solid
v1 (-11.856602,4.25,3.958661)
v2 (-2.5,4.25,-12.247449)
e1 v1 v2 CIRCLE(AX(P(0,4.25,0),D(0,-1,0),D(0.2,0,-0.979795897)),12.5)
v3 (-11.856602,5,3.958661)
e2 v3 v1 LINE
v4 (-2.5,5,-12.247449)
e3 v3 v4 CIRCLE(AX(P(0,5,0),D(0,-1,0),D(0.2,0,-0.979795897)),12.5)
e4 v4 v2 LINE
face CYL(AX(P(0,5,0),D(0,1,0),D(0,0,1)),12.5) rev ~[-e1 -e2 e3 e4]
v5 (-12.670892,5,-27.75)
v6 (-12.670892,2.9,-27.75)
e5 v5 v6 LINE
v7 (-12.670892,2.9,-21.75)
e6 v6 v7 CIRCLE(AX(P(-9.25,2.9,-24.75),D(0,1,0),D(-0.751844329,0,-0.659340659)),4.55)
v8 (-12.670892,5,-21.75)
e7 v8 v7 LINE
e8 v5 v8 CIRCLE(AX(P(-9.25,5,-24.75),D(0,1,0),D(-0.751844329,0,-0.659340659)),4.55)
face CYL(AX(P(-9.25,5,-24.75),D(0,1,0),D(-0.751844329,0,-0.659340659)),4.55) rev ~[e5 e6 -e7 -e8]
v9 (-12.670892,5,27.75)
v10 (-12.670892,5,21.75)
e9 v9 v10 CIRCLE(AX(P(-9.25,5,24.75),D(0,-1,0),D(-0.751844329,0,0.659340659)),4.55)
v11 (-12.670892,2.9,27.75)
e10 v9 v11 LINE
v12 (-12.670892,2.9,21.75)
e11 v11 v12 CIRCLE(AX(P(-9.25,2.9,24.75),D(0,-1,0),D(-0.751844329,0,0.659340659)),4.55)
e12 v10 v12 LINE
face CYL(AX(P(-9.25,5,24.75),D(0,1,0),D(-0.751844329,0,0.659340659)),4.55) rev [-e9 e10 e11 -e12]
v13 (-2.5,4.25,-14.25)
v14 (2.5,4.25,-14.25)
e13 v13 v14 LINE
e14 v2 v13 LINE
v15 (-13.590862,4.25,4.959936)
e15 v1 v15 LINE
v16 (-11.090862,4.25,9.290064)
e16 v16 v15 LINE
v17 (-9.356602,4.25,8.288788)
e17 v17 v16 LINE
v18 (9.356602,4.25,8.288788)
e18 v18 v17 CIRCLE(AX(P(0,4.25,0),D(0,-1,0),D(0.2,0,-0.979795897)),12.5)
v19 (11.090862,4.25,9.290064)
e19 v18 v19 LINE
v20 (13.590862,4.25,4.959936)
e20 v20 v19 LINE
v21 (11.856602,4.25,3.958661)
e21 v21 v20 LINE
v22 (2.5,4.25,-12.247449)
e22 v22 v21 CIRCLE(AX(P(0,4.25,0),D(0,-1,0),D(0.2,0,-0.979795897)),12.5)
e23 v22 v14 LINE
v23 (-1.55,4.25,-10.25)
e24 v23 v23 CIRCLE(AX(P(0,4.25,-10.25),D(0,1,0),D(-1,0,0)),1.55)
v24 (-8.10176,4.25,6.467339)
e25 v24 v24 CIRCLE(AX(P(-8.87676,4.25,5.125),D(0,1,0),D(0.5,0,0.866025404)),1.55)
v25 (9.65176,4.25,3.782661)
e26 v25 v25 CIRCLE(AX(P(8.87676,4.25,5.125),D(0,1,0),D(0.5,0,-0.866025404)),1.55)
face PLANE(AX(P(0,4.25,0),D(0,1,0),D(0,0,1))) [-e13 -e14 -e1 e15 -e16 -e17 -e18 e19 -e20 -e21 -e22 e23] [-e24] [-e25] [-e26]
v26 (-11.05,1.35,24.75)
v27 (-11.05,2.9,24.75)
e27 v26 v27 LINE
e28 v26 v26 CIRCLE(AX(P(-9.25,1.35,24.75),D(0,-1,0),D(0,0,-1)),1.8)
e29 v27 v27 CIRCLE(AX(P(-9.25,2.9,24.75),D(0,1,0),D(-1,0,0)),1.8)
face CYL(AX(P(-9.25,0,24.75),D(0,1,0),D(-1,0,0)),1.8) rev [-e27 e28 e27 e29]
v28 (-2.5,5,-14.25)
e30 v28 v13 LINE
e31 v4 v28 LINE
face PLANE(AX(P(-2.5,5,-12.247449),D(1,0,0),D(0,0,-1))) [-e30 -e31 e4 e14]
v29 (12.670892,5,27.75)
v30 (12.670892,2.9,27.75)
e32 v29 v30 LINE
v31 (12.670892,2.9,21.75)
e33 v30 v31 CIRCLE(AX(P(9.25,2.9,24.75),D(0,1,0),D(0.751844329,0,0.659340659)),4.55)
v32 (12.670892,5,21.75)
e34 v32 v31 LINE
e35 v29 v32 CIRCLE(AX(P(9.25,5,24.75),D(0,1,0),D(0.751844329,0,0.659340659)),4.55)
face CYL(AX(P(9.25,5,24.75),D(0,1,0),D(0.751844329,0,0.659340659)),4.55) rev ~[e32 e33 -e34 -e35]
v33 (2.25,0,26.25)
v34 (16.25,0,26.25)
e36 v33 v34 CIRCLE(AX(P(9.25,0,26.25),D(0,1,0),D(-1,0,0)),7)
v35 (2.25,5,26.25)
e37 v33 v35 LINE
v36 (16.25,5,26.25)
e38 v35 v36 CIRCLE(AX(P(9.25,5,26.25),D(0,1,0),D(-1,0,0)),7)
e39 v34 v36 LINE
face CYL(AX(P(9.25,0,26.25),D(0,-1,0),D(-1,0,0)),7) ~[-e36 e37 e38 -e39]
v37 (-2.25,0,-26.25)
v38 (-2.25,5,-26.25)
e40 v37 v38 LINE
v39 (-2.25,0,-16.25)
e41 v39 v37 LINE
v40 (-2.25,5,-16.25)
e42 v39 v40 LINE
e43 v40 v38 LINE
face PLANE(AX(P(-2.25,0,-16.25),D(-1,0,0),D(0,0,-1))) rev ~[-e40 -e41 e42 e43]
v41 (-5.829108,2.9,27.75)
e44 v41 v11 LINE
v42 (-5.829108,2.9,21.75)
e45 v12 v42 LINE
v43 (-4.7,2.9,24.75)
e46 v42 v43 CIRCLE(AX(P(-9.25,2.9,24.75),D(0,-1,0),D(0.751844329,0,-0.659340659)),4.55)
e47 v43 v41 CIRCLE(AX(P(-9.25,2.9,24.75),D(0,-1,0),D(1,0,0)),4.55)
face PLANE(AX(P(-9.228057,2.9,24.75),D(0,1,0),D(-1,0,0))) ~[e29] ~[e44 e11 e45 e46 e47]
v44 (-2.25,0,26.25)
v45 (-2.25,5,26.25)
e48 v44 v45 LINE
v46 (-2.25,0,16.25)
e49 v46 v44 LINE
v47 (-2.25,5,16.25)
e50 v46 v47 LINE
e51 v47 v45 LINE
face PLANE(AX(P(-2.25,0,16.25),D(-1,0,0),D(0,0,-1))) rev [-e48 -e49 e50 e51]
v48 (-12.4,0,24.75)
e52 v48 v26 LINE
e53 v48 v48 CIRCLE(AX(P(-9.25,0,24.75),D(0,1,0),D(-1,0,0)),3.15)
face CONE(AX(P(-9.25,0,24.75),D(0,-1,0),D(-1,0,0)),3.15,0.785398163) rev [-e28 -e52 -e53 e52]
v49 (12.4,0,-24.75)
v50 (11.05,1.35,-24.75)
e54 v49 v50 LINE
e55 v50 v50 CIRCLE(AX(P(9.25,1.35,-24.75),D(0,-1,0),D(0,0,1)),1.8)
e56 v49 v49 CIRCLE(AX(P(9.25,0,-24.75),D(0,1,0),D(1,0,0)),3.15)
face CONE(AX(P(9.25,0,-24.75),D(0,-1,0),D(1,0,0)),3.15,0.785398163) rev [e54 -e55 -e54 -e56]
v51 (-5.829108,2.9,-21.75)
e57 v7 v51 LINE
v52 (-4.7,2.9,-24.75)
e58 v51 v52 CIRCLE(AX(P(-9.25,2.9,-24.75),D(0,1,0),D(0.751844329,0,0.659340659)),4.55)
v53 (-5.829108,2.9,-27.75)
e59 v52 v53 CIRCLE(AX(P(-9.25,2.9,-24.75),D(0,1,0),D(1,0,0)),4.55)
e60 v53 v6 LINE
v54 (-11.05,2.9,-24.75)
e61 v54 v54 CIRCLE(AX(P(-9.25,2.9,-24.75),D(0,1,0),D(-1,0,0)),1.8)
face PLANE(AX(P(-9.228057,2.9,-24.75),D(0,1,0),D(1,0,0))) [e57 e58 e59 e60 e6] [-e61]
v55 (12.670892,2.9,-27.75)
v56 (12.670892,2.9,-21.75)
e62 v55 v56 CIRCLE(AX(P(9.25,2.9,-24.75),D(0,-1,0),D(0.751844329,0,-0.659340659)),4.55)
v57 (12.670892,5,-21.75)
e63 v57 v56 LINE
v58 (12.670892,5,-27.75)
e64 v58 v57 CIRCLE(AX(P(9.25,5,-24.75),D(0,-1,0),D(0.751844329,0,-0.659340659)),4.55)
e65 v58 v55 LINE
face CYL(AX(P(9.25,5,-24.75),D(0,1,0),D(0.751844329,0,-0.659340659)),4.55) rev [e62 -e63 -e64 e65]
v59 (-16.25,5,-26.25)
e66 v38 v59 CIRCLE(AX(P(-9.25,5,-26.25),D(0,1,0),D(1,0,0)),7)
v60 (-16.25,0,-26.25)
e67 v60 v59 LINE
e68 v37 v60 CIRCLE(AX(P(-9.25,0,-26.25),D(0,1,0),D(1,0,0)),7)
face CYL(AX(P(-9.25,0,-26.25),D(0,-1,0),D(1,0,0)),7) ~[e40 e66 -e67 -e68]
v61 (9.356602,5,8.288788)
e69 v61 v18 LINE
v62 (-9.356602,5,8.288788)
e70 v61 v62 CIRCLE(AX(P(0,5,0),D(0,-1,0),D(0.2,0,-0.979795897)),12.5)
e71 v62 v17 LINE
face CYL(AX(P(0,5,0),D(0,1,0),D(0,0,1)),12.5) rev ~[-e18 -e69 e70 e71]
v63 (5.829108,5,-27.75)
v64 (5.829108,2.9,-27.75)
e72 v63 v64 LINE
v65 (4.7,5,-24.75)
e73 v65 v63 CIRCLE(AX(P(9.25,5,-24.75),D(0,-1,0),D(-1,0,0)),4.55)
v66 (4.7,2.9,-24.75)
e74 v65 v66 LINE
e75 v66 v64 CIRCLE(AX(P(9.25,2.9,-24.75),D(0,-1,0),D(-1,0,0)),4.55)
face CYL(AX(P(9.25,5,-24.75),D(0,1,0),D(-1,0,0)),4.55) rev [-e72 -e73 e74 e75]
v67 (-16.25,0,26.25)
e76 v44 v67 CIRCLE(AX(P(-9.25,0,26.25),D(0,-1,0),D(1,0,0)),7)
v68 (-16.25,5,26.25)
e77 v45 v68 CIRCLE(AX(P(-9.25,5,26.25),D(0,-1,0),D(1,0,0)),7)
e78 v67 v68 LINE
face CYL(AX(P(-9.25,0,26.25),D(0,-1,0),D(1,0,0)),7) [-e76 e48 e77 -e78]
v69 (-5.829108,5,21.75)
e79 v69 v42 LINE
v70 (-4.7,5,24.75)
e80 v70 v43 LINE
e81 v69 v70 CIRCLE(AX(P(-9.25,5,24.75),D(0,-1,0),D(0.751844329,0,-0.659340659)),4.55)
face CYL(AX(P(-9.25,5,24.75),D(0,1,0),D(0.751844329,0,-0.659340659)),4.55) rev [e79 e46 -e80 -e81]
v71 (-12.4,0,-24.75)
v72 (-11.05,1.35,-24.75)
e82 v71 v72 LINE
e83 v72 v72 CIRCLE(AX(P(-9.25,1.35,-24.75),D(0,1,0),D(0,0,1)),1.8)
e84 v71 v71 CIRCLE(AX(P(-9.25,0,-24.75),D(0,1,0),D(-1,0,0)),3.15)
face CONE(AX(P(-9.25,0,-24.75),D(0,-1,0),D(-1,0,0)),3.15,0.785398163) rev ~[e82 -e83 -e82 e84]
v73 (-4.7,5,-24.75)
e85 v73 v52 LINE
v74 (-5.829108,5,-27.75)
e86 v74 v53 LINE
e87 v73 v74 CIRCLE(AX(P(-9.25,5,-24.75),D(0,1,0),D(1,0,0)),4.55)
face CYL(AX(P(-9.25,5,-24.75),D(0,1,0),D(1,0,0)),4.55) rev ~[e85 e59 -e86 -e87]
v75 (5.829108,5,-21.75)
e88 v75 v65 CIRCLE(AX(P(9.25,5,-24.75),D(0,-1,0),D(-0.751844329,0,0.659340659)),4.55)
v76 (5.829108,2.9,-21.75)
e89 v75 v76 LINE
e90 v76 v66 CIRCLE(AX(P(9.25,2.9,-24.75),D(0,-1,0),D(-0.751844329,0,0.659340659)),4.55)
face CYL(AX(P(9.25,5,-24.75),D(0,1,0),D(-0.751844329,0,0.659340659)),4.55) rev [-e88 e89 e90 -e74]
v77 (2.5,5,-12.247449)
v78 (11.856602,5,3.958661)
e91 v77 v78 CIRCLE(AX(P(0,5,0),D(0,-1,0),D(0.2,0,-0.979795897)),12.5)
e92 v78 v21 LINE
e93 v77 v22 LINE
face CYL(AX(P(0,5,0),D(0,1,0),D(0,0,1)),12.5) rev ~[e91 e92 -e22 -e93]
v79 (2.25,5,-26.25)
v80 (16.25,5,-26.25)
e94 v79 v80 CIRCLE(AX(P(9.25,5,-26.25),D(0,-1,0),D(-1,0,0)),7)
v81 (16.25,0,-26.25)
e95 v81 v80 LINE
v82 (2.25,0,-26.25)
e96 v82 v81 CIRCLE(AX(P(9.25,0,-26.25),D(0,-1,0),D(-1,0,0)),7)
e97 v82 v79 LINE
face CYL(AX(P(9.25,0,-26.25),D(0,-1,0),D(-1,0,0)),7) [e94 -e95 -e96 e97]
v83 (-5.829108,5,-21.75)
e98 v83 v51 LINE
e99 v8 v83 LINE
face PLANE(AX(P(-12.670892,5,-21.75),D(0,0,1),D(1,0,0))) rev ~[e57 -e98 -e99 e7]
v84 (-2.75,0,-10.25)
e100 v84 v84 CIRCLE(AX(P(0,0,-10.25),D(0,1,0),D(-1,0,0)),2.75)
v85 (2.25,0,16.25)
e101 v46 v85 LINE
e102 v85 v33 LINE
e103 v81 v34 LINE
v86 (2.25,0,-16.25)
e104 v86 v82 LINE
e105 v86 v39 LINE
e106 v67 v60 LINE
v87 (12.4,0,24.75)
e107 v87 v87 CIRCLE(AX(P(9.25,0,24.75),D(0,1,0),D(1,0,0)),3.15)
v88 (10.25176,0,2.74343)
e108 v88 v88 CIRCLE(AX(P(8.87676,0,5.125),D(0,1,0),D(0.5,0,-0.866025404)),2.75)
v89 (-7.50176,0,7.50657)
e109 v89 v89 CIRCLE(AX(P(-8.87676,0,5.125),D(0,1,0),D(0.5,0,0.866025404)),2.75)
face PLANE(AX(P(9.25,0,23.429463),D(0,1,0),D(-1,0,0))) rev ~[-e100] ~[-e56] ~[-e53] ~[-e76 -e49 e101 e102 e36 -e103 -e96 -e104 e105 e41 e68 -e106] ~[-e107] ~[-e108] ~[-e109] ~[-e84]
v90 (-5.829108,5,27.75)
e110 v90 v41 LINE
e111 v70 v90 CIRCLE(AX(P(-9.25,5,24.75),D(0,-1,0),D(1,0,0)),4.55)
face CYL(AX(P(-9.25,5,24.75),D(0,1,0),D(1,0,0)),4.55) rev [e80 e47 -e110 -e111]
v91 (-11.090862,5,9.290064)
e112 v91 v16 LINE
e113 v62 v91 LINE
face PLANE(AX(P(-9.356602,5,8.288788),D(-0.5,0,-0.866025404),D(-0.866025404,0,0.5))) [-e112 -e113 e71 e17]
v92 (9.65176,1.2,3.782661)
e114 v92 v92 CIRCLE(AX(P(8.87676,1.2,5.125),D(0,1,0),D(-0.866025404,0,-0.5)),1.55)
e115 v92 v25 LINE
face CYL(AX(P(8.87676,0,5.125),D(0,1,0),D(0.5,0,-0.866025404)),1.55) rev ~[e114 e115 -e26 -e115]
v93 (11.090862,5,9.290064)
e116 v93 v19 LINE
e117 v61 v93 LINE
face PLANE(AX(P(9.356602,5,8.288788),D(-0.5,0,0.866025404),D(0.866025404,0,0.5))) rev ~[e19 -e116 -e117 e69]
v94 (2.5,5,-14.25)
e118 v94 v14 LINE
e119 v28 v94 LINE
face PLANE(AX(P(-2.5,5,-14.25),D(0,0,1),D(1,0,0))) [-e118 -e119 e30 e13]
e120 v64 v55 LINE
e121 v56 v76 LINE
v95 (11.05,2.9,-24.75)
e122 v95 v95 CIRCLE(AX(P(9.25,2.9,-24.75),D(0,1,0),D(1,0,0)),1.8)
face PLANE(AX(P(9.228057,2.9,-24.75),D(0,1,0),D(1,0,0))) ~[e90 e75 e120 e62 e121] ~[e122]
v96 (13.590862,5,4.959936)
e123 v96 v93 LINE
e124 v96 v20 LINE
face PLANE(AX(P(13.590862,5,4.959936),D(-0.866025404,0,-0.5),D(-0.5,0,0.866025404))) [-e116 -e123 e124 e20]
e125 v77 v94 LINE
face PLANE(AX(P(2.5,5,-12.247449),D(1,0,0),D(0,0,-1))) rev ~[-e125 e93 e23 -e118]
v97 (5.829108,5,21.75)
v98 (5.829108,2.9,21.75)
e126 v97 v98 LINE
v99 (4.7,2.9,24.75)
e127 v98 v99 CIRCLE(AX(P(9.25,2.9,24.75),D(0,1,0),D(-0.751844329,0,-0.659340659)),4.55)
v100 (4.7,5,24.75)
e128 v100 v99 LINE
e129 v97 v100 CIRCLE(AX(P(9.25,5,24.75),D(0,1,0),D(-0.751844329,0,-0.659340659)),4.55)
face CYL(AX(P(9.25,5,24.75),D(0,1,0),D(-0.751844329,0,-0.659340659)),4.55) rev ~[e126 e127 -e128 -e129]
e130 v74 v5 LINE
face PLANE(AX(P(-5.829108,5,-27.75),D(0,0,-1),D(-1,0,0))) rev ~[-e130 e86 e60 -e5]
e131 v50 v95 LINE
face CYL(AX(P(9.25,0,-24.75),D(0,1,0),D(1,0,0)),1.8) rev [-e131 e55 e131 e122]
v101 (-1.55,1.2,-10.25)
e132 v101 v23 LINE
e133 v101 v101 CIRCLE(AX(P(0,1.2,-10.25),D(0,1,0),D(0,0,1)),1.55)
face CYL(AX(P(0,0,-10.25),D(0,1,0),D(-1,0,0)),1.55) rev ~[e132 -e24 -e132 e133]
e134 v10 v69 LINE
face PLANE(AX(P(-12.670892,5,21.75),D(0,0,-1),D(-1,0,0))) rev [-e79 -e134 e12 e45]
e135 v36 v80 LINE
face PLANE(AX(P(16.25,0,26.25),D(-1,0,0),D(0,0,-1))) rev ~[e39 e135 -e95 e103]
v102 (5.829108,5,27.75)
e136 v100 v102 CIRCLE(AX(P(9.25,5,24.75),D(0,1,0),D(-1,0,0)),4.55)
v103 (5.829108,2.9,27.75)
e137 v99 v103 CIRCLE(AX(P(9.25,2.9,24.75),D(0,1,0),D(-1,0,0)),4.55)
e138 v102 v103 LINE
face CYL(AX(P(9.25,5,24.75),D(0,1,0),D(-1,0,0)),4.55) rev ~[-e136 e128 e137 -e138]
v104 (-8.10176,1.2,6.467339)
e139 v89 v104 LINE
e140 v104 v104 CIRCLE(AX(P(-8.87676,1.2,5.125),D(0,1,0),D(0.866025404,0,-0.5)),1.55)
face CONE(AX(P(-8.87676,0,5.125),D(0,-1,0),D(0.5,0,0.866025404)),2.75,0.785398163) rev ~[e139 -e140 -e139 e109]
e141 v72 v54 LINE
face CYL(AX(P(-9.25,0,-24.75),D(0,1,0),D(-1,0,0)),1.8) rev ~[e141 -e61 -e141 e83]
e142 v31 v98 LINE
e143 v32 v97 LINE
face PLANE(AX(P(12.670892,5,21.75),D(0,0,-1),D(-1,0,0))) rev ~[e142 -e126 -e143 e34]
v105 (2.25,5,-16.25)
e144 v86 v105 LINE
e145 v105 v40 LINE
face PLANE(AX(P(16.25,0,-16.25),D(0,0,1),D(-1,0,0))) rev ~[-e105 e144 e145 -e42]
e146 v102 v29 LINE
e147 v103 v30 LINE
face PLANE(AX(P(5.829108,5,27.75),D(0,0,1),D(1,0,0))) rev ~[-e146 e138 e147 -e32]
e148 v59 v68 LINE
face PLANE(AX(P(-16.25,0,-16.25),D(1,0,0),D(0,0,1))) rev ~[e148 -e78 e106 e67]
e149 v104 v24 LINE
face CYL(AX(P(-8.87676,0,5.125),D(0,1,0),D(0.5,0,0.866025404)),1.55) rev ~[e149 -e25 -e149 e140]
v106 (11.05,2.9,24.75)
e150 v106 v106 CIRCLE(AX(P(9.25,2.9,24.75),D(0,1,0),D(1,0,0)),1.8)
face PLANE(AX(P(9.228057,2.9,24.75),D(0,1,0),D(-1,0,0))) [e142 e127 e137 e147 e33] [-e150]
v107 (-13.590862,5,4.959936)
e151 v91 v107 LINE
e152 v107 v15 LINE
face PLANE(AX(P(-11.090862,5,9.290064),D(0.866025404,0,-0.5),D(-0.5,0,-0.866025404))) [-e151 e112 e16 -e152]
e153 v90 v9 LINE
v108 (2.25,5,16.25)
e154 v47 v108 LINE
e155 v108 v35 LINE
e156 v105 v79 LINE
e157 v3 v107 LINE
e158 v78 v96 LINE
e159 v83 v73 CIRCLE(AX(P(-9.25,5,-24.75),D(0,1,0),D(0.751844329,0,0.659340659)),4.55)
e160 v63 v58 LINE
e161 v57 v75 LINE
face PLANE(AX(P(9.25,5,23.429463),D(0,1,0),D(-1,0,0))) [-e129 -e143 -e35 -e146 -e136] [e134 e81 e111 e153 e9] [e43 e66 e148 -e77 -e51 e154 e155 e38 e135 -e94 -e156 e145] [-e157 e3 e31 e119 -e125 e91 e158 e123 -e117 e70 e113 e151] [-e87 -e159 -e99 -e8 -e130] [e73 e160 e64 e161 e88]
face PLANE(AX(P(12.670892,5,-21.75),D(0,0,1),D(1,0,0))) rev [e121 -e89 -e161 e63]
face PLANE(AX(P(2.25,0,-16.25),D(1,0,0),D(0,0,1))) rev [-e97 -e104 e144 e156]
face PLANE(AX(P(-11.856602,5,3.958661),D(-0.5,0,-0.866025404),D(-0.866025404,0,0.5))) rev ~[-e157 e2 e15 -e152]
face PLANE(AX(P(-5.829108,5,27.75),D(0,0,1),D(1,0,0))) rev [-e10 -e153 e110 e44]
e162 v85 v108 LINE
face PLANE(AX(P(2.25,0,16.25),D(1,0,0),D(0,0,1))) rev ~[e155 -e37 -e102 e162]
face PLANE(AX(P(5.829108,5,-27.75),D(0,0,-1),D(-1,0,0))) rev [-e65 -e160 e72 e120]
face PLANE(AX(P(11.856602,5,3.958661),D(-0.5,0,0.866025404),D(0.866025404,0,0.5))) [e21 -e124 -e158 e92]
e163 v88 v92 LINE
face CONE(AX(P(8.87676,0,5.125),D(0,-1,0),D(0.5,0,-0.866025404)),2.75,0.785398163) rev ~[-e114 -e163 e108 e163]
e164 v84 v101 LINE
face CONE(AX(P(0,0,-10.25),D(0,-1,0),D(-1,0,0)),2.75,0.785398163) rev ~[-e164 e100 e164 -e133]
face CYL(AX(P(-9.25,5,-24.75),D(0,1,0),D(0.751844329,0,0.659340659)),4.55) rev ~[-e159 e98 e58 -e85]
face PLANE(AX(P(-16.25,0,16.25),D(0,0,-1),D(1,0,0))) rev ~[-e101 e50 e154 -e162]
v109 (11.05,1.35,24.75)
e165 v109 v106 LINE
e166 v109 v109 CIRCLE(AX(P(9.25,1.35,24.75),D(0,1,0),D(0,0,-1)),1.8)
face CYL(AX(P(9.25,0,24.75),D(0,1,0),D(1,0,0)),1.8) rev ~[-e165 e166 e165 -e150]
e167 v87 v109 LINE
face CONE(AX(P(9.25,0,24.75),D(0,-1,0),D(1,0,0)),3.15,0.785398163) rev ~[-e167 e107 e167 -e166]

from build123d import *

# Parameters (mm, degrees)
BOSS_EXTRUDE1_DEPTH                               = 5
CSK_FOR_M3_FLAT_HEAD_MACHINE_SCREW1_D             = 3.6
CSK_FOR_M3_FLAT_HEAD_MACHINE_SCREW1_CSINK_D       = 6.3
CSK_FOR_M3_FLAT_HEAD_MACHINE_SCREW1_CSINK_ANGLE   = 90
SKETCH16_R                                        = 1.8
CUT_EXTRUDE7_DEPTH                                = 2.1
MIRROR6_COPY_1_DEPTH                              = 5
MIRROR6_COPY_2_D                                  = 3.6
MIRROR6_COPY_2_CSINK_D                            = 6.3
MIRROR6_COPY_2_CSINK_ANGLE                        = 90
MIRROR6_COPY_3_SKETCH_R                           = 1.8
MIRROR6_COPY_3_DEPTH                              = 2.1
SKETCH6_R                                         = 12.5
CUT_EXTRUDE2_DEPTH                                = 0.75
SKETCH6_4_R                                       = 12.5
SKETCH6_4_W                                       = 5
SKETCH6_4_H                                       = 3.5
CUT_EXTRUDE5_DEPTH                                = 0.75
CSK_FOR_M2_5_FLAT_HEAD_MACHINE_SCREW3_D           = 3.1
CSK_FOR_M2_5_FLAT_HEAD_MACHINE_SCREW3_CSINK_D     = 5.5
CSK_FOR_M2_5_FLAT_HEAD_MACHINE_SCREW3_CSINK_ANGLE = 90
CIRPATTERN1_COUNT                                 = 3


with BuildPart() as part:
    # Sketch1 → Boss-Extrude1 (new body)
    with BuildSketch(Plane(origin=(0, 0, 0), x_dir=(1, 0, 0), z_dir=(0, 1, 0))):
        with BuildLine():
            Line((-16.25, 26.25), (-16.25, 16.25))
            Line((-16.25, 16.25), (-2.25, 16.25))
            Line((-2.25, 16.25), (-2.25, 26.25))
            ThreePointArc((-2.25, 26.25), (-9.25, 33.25), (-16.25, 26.25))
        make_face()
        Polygon((-2.25, 16.25), (-16.25, 16.25), (-16.25, -16.25), (16.25, -16.25), (16.25, 16.25), align=None)
    boss_extrude1 = extrude(amount=BOSS_EXTRUDE1_DEPTH)

    # CSK for M3 Flat Head Machine Screw1 (through all)
    with Locations(Plane.XZ):
        with Locations((-9.25, -24.75)):
            csk_for_m3_flat_head_machine_screw1 = CounterSinkHole(CSK_FOR_M3_FLAT_HEAD_MACHINE_SCREW1_D / 2, CSK_FOR_M3_FLAT_HEAD_MACHINE_SCREW1_CSINK_D / 2, counter_sink_angle=CSK_FOR_M3_FLAT_HEAD_MACHINE_SCREW1_CSINK_ANGLE)

    # Sketch16 → Cut-Extrude7 (cut)
    with BuildSketch(Plane(origin=(0, 5, 0), x_dir=(1, 0, 0), z_dir=(0, 1, 0))):
        with BuildLine():
            Line((-5.829108303, 27.75), (-12.670891697, 27.75))
            ThreePointArc((-12.670891697, 27.75), (-13.8, 24.75), (-12.670891697, 21.75))
            Line((-12.670891697, 21.75), (-5.829108303, 21.75))
            ThreePointArc((-5.829108303, 21.75), (-4.991622538, 23.147276883), (-4.7, 24.75))
            ThreePointArc((-4.7, 24.75), (-4.991622538, 26.352723117), (-5.829108303, 27.75))
        make_face()
        with Locations(Location((-9.25, 24.75, 0), (0, 0, 90))):
            Circle(SKETCH16_R, mode=Mode.SUBTRACT)
    cut_extrude7 = extrude(amount=-CUT_EXTRUDE7_DEPTH, mode=Mode.SUBTRACT)

    # Mirror2: Boss-Extrude1, CSK for M3 Flat Head Machine Screw1, Cut-Extrude7 across plane
    add(boss_extrude1.mirror(Plane(origin=(0, 0, 0), x_dir=(0, 0, 1), z_dir=(1, 0, 0))))
    add(csk_for_m3_flat_head_machine_screw1.mirror(Plane(origin=(0, 0, 0), x_dir=(0, 0, 1), z_dir=(1, 0, 0))), mode=Mode.SUBTRACT)
    add(cut_extrude7.mirror(Plane(origin=(0, 0, 0), x_dir=(0, 0, 1), z_dir=(1, 0, 0))), mode=Mode.SUBTRACT)

    # Mirror6: Boss-Extrude1, CSK for M3 Flat Head Machine Screw1, Cut-Extrude7 across plane
    add(boss_extrude1.mirror(Plane.XY))
    add(csk_for_m3_flat_head_machine_screw1.mirror(Plane.XY), mode=Mode.SUBTRACT)
    add(cut_extrude7.mirror(Plane.XY), mode=Mode.SUBTRACT)

    # Mirror6 copy 1 sketch → Mirror6 copy 1 (add)
    with BuildSketch(Plane(origin=(0, 0, 0), x_dir=(-1, 0, 0), z_dir=(0, 1, 0))):
        with BuildLine():
            Line((-16.25, 26.25), (-16.25, 16.25))
            Line((-16.25, 16.25), (-2.25, 16.25))
            Line((-2.25, 16.25), (-2.25, 26.25))
            ThreePointArc((-2.25, 26.25), (-9.25, 33.25), (-16.25, 26.25))
        make_face()
        Polygon((-2.25, 16.25), (-16.25, 16.25), (-16.25, -16.25), (16.25, -16.25), (16.25, 16.25), align=None)
    extrude(amount=MIRROR6_COPY_1_DEPTH)

    # Mirror6 copy 2 (through all)
    with Locations(Plane(origin=(0, 0, 0), x_dir=(-1, 0, 0), z_dir=(0, -1, 0))):
        with Locations((-9.25, -24.75)):
            CounterSinkHole(MIRROR6_COPY_2_D / 2, MIRROR6_COPY_2_CSINK_D / 2, counter_sink_angle=MIRROR6_COPY_2_CSINK_ANGLE)

    # Mirror6 copy 3 sketch → Mirror6 copy 3 (cut)
    with BuildSketch(Plane(origin=(0, 5, 0), x_dir=(-1, 0, 0), z_dir=(0, 1, 0))):
        with BuildLine():
            Line((-5.829108303, 27.75), (-12.670891697, 27.75))
            ThreePointArc((-12.670891697, 27.75), (-13.8, 24.75), (-12.670891697, 21.75))
            Line((-12.670891697, 21.75), (-5.829108303, 21.75))
            ThreePointArc((-5.829108303, 21.75), (-4.991622538, 23.147276883), (-4.7, 24.75))
            ThreePointArc((-4.7, 24.75), (-4.991622538, 26.352723117), (-5.829108303, 27.75))
        make_face()
        with Locations(Location((-9.25, 24.75, 0), (0, 0, 90))):
            Circle(MIRROR6_COPY_3_SKETCH_R, mode=Mode.SUBTRACT)
    extrude(amount=-MIRROR6_COPY_3_DEPTH, mode=Mode.SUBTRACT)

    # Sketch6 → Cut-Extrude2 (cut)
    with BuildSketch(Plane(origin=(0, 5, 0), x_dir=(1, 0, 0), z_dir=(0, 1, 0))):
        with Locations(Location((0, 0, 0), (0, 0, 270))):
            Circle(SKETCH6_R)
    extrude(amount=-CUT_EXTRUDE2_DEPTH, mode=Mode.SUBTRACT)

    # Sketch6<4> → Cut-Extrude5 (cut)
    with BuildSketch(Plane(origin=(0, 5, 0), x_dir=(1, 0, 0), z_dir=(0, 1, 0))):
        Circle(SKETCH6_4_R)
        with Locations((0, 12.5)):
            Rectangle(SKETCH6_4_W, SKETCH6_4_H)
    cut_extrude5 = extrude(amount=-CUT_EXTRUDE5_DEPTH, mode=Mode.SUBTRACT)

    # CSK for M2.5 Flat Head Machine Screw3 (through all)
    with Locations(Plane.XZ):
        with Locations((0, -10.25)):
            csk_for_m2_5_flat_head_machine_screw3 = CounterSinkHole(CSK_FOR_M2_5_FLAT_HEAD_MACHINE_SCREW3_D / 2, CSK_FOR_M2_5_FLAT_HEAD_MACHINE_SCREW3_CSINK_D / 2, counter_sink_angle=CSK_FOR_M2_5_FLAT_HEAD_MACHINE_SCREW3_CSINK_ANGLE)

    # CirPattern1: Cut-Extrude5, CSK for M2.5 Flat Head Machine Screw3 ×3 about axis
    cirpattern1_axis = Axis((0, 0, 0), (0, 1, 0))
    add([cut_extrude5.rotate(cirpattern1_axis, i * 360 / CIRPATTERN1_COUNT) for i in range(1, CIRPATTERN1_COUNT)], mode=Mode.SUBTRACT)
    add([csk_for_m2_5_flat_head_machine_screw3.rotate(cirpattern1_axis, i * 360 / CIRPATTERN1_COUNT) for i in range(1, CIRPATTERN1_COUNT)], mode=Mode.SUBTRACT)


solid = part.part
